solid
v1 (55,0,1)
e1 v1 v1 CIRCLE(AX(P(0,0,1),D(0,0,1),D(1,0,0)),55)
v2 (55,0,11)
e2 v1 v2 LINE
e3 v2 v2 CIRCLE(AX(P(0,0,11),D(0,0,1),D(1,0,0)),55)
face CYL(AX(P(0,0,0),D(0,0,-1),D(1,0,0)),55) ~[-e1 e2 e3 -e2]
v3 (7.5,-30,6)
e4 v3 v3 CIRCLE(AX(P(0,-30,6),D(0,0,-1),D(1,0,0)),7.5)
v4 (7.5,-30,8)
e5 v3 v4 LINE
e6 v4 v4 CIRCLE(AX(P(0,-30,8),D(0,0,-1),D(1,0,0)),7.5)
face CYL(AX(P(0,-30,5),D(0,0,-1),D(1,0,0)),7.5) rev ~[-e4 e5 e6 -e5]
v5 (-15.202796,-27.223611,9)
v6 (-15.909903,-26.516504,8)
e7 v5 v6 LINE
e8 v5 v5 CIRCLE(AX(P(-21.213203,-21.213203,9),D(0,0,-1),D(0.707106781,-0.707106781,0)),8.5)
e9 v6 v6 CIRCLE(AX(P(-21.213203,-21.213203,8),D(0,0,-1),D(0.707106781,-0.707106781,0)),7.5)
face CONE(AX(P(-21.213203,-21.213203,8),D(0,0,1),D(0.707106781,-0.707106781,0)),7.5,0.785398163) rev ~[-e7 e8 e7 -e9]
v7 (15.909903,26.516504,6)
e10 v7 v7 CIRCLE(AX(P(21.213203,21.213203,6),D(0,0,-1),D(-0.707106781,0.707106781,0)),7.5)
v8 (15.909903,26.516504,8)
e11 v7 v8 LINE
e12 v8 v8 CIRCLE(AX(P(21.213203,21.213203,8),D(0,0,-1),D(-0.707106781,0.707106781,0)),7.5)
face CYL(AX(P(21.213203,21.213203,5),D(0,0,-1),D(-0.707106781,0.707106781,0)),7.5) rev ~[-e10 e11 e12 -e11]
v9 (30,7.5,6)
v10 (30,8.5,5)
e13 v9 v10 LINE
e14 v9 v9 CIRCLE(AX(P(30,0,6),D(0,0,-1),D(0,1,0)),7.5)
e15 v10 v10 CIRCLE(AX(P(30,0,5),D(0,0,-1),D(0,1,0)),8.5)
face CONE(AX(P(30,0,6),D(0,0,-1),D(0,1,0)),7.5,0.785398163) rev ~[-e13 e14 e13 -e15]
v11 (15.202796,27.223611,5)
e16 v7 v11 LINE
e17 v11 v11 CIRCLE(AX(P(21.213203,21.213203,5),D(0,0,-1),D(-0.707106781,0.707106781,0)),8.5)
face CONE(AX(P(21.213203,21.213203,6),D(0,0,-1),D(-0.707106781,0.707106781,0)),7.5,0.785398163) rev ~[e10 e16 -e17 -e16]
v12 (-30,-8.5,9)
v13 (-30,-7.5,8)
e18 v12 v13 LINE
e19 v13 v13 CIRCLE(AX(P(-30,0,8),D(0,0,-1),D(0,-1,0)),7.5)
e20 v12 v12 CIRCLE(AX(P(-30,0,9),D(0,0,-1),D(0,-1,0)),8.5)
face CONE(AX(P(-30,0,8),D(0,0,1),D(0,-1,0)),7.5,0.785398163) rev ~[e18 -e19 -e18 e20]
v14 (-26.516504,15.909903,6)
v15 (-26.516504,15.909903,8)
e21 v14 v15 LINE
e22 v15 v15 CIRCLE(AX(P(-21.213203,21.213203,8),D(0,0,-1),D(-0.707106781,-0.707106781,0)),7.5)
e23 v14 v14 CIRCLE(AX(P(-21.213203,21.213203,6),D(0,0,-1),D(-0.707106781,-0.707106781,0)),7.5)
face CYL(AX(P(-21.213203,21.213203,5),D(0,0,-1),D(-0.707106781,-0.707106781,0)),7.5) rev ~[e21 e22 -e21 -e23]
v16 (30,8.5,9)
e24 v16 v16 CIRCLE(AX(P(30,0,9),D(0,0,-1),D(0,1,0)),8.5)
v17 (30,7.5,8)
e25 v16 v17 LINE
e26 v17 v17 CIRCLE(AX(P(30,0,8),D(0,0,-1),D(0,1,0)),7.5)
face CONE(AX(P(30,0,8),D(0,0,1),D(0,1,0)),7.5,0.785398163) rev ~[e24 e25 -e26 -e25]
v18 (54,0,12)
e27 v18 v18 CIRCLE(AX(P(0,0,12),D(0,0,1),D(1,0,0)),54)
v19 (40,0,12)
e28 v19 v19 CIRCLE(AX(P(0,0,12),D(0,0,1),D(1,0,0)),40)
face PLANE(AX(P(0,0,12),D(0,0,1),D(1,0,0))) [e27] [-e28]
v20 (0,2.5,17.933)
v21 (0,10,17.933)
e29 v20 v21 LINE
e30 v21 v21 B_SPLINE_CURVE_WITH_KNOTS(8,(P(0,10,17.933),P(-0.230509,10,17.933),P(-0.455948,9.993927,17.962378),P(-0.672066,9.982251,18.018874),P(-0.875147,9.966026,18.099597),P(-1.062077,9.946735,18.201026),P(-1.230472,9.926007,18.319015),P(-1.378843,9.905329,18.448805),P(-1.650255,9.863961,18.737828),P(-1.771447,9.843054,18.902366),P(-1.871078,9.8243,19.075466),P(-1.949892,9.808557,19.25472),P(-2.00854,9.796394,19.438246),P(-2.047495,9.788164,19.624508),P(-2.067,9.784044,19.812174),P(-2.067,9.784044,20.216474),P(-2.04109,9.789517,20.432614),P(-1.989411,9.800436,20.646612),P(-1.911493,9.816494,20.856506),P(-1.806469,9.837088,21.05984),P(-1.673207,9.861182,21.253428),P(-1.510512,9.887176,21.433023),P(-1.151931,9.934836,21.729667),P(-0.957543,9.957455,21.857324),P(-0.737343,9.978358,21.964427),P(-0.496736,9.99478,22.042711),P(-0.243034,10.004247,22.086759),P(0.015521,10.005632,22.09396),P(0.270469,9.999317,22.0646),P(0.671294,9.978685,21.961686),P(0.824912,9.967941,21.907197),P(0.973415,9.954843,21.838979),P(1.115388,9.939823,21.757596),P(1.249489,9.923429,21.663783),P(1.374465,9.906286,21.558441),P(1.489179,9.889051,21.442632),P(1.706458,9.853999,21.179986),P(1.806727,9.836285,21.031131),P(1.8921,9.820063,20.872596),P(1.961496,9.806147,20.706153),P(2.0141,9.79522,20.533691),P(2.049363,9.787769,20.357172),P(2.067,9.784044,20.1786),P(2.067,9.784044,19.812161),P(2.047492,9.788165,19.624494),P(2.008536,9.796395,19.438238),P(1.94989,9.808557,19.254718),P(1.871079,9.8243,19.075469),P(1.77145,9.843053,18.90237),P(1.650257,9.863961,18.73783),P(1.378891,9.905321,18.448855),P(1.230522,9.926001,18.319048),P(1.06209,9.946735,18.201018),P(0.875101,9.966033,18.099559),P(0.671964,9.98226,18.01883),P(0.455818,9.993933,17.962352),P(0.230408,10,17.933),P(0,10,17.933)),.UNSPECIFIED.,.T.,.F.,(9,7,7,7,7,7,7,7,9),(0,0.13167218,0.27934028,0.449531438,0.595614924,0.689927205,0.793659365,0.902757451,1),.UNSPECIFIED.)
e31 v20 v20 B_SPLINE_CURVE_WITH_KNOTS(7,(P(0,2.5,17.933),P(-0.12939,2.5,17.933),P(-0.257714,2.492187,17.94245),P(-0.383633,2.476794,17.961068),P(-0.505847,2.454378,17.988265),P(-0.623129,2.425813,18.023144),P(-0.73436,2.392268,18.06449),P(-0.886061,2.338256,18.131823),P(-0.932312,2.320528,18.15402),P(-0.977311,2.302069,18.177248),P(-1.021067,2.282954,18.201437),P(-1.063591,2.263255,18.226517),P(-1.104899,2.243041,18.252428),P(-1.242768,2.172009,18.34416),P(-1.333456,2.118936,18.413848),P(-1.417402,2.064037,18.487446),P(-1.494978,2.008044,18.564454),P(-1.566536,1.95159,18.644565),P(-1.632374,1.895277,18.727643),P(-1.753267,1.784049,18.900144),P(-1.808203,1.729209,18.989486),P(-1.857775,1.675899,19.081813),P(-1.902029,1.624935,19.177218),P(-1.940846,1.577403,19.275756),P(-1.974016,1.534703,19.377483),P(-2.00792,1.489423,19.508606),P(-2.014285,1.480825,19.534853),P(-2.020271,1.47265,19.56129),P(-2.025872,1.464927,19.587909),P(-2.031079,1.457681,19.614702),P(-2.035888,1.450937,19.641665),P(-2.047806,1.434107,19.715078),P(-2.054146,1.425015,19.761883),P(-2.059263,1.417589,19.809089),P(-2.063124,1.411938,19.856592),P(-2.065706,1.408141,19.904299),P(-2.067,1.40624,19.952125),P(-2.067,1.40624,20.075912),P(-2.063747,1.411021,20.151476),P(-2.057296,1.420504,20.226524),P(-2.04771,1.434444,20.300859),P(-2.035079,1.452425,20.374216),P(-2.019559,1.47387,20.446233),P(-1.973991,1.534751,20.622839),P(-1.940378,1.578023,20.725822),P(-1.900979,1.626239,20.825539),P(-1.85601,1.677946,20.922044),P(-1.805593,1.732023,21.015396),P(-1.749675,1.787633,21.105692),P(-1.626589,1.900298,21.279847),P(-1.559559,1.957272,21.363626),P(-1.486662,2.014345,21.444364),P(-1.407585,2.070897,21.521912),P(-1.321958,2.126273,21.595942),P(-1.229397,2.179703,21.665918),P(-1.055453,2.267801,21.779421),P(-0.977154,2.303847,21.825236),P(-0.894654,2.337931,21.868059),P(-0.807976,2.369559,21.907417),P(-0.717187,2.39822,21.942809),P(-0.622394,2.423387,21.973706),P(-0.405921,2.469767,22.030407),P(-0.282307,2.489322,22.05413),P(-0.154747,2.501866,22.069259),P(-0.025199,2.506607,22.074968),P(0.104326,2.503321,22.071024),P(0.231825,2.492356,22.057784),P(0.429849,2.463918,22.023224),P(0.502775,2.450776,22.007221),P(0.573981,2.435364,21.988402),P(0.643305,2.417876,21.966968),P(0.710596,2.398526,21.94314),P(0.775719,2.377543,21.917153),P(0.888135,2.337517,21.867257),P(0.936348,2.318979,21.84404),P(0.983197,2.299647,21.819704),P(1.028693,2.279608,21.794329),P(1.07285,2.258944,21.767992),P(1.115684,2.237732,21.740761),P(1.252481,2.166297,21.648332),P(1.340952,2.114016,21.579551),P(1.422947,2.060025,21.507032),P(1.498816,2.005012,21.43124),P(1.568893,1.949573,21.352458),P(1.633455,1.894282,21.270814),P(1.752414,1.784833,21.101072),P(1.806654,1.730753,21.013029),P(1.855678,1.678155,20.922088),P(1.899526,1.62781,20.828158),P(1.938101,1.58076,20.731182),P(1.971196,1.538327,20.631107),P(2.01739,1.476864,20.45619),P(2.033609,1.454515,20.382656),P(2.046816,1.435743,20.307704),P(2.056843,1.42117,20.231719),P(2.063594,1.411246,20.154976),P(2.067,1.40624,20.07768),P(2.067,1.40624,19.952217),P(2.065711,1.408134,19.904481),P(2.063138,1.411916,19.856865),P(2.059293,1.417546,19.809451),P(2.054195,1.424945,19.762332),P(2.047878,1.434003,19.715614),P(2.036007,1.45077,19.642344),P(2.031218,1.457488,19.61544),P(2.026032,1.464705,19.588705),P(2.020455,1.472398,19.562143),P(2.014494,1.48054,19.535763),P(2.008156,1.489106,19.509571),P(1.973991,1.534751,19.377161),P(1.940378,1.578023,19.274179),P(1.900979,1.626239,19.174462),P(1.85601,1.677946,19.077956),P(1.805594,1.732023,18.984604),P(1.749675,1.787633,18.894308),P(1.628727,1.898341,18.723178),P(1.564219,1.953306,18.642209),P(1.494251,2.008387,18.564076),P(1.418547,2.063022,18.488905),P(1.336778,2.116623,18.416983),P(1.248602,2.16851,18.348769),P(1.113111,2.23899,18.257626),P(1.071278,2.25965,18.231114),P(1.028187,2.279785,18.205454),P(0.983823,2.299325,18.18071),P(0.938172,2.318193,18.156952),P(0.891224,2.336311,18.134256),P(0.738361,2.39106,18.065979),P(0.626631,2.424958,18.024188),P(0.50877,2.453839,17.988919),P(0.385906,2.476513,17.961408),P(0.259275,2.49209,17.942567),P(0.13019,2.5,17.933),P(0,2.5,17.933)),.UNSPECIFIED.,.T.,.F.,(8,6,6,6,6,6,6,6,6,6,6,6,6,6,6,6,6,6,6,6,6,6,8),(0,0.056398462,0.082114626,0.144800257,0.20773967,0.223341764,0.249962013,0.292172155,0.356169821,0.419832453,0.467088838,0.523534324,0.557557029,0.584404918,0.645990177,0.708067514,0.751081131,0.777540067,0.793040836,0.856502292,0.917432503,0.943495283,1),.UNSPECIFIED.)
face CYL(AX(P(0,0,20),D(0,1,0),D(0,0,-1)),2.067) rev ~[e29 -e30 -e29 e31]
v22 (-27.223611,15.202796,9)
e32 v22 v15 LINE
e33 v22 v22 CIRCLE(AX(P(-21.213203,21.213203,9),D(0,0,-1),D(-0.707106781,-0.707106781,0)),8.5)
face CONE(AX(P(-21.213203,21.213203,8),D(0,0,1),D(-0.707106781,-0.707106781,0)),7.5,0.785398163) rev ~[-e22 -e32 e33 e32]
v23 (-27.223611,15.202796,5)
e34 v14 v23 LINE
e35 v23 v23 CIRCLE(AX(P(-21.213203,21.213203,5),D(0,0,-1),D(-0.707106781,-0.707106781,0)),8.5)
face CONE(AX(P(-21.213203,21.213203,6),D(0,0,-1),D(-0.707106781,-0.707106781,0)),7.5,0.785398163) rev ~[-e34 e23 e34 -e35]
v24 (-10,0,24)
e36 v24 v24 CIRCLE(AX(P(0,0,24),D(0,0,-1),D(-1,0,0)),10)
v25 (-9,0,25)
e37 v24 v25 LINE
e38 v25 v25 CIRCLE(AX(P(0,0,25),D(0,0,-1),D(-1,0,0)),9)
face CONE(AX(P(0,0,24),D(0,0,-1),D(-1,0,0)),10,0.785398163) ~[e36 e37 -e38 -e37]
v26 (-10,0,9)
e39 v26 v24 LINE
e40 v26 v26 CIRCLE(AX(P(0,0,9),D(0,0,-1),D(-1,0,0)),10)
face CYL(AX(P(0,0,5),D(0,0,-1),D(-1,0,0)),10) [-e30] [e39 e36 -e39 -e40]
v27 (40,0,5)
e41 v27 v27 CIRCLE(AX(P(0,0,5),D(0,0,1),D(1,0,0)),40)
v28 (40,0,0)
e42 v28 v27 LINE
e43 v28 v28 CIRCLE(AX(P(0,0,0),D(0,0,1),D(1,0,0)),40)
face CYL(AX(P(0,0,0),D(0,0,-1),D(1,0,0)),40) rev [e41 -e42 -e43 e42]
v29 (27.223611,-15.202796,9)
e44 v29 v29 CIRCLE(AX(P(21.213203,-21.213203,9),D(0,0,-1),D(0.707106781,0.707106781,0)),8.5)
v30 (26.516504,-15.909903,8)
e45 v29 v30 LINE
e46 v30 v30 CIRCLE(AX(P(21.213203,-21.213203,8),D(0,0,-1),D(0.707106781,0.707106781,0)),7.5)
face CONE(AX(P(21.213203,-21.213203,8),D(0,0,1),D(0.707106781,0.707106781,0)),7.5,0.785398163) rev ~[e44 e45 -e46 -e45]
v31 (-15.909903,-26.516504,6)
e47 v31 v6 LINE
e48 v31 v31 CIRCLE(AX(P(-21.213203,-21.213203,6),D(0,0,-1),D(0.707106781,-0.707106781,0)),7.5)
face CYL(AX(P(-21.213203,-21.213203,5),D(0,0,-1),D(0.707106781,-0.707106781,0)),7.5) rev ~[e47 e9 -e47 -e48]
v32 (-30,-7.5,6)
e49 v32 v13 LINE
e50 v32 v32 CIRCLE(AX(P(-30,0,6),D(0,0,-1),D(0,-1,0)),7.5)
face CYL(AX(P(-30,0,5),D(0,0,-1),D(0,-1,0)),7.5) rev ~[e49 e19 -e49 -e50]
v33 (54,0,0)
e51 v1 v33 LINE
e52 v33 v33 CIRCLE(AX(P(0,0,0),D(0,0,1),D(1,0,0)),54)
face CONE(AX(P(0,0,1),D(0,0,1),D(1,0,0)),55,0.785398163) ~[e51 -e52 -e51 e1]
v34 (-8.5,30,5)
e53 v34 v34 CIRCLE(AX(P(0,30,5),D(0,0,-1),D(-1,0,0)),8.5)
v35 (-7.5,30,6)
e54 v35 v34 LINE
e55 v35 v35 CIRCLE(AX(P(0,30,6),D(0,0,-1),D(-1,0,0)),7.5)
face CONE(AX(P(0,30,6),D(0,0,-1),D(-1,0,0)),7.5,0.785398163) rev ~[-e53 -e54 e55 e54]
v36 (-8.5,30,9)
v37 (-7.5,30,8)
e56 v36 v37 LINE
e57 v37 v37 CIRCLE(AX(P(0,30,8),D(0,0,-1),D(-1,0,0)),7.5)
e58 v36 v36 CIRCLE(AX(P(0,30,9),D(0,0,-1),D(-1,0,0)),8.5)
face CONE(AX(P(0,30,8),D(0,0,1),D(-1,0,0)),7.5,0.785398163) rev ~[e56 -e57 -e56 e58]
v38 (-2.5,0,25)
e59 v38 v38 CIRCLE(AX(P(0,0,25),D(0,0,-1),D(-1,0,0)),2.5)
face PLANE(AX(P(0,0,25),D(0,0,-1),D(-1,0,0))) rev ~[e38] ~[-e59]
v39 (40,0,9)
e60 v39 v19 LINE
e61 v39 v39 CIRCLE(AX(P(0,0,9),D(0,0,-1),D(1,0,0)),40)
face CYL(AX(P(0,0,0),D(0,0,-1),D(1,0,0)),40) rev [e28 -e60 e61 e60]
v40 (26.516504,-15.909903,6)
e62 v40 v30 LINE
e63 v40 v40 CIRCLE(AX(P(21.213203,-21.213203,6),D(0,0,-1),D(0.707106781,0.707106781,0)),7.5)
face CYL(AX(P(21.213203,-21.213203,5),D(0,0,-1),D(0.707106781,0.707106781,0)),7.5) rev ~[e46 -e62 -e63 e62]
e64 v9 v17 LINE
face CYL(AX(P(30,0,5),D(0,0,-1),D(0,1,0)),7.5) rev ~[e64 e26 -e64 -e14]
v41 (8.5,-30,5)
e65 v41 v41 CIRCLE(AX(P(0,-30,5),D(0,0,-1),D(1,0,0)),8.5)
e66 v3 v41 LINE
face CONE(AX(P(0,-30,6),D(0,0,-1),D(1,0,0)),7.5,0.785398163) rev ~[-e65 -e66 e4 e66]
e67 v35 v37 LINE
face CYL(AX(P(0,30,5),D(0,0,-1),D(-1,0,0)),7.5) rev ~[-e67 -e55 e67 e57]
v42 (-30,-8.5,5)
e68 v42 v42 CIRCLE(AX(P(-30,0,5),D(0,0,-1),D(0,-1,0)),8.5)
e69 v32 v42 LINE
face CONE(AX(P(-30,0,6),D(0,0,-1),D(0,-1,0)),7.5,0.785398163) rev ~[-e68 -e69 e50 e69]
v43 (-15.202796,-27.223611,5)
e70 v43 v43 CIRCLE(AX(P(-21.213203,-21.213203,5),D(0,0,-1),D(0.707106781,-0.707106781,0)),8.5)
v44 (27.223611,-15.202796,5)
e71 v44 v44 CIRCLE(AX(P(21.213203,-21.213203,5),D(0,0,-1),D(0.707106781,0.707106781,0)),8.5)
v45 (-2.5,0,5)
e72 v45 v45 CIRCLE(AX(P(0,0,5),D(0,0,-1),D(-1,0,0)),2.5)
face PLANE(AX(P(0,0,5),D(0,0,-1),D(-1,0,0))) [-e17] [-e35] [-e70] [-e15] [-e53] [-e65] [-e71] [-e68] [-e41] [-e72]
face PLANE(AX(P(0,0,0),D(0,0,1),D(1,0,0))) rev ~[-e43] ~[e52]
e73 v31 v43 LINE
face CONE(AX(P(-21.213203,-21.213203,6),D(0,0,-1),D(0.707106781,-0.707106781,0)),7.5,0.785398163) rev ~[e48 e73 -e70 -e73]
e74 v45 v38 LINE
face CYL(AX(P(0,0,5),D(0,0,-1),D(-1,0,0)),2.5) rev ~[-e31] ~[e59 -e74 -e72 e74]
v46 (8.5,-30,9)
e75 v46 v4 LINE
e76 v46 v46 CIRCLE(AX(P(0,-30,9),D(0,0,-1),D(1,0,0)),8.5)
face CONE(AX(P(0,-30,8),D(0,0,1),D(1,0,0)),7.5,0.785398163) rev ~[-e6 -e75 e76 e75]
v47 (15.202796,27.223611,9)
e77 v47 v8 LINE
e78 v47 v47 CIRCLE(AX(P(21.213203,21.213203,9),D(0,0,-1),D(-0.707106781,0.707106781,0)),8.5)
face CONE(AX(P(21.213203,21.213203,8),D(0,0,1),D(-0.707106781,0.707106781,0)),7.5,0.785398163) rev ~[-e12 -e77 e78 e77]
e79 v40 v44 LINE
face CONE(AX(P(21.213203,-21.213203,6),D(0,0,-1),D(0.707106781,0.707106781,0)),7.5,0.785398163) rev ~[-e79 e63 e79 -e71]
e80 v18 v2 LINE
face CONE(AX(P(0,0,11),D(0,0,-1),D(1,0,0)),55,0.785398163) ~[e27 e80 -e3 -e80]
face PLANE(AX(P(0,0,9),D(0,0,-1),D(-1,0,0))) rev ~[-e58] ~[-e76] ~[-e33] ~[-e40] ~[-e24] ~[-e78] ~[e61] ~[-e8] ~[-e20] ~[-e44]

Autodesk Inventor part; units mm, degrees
ref_plane "YZ Plane" through (0, 0, 0) normal (1, 0, 0) x (0, 1, 0)
ref_plane "XZ Plane" through (0, 0, 0) normal (0, 1, 0) x (-1, 0, 0)
sketch "Sketch1" plane through (0, 0, 0) normal (0, 0, 1) x (1, 0, 0)
  circle A0 centre (0, 0) radius 55
  circle A1 centre (0, 0) radius 40
  dimension "d0" = 110
  dimension "d1" = 80
extrude "Extrusion1" add sketch "Sketch1" along normal blind 12
ref_plane "Work Plane1" through (0, 0, 5) normal (0, 0, -1) x (-1, 0, 0)
sketch "Sketch2" plane through (0, 0, 5) normal (0, 0, -1) x (-1, 0, 0)
  circle A0 centre (0, 0) radius 40 projected
  circle A1 centre (0, 30) radius 7.5
  circle A2 centre (0, 0) radius 10
  circle A3 centre (0, 0) radius 2.5
  dimension "d5" = 15
  dimension "d6" = 30
  dimension "d11" = 20
  dimension "d12" = 5
extrude "Extrusion2" add sketch "Sketch2" against normal blind 4 contours A0 | A1
extrude "Extrusion4" cut sketch "Sketch2" against normal blind 4 contours A1
extrude "Extrusion3" add sketch "Sketch2" against normal blind 20 contours A2
sketch "Sketch3" plane through (0, 0, 0) normal (0, 1, 0) x (-1, 0, 0)
  line L0 (10, 25) -> (-10, 25) projected
  line L1 (-10, 9) -> (10, 9) projected
  point P0 (0, 0)
  point P1 (0, 20)
  point P2 (0, 25)
  dimension "d17" = 5
hole "Hole1" at (0, 0, 20) direction (0, 1, 0) diameter 4.134 end through all thread size "M5x0.8" class "6H" standard "ISO Metric profile"
chamfer "Chamfer1" distance 1 angle 45 3 edges at (-55, 0, 12) (-55, 0, 0) (10, 0, 25)
chamfer "Chamfer2" distance 1 angle 45 2 edges at (7.5, 30, 5) (7.5, 30, 9)
pattern_circular "Circular Pattern1" count 8 over 360 about axis through (0, 0, 5) along (0, 0, 1) of "Extrusion4", "Chamfer2"
properties part number "Flywheel"
